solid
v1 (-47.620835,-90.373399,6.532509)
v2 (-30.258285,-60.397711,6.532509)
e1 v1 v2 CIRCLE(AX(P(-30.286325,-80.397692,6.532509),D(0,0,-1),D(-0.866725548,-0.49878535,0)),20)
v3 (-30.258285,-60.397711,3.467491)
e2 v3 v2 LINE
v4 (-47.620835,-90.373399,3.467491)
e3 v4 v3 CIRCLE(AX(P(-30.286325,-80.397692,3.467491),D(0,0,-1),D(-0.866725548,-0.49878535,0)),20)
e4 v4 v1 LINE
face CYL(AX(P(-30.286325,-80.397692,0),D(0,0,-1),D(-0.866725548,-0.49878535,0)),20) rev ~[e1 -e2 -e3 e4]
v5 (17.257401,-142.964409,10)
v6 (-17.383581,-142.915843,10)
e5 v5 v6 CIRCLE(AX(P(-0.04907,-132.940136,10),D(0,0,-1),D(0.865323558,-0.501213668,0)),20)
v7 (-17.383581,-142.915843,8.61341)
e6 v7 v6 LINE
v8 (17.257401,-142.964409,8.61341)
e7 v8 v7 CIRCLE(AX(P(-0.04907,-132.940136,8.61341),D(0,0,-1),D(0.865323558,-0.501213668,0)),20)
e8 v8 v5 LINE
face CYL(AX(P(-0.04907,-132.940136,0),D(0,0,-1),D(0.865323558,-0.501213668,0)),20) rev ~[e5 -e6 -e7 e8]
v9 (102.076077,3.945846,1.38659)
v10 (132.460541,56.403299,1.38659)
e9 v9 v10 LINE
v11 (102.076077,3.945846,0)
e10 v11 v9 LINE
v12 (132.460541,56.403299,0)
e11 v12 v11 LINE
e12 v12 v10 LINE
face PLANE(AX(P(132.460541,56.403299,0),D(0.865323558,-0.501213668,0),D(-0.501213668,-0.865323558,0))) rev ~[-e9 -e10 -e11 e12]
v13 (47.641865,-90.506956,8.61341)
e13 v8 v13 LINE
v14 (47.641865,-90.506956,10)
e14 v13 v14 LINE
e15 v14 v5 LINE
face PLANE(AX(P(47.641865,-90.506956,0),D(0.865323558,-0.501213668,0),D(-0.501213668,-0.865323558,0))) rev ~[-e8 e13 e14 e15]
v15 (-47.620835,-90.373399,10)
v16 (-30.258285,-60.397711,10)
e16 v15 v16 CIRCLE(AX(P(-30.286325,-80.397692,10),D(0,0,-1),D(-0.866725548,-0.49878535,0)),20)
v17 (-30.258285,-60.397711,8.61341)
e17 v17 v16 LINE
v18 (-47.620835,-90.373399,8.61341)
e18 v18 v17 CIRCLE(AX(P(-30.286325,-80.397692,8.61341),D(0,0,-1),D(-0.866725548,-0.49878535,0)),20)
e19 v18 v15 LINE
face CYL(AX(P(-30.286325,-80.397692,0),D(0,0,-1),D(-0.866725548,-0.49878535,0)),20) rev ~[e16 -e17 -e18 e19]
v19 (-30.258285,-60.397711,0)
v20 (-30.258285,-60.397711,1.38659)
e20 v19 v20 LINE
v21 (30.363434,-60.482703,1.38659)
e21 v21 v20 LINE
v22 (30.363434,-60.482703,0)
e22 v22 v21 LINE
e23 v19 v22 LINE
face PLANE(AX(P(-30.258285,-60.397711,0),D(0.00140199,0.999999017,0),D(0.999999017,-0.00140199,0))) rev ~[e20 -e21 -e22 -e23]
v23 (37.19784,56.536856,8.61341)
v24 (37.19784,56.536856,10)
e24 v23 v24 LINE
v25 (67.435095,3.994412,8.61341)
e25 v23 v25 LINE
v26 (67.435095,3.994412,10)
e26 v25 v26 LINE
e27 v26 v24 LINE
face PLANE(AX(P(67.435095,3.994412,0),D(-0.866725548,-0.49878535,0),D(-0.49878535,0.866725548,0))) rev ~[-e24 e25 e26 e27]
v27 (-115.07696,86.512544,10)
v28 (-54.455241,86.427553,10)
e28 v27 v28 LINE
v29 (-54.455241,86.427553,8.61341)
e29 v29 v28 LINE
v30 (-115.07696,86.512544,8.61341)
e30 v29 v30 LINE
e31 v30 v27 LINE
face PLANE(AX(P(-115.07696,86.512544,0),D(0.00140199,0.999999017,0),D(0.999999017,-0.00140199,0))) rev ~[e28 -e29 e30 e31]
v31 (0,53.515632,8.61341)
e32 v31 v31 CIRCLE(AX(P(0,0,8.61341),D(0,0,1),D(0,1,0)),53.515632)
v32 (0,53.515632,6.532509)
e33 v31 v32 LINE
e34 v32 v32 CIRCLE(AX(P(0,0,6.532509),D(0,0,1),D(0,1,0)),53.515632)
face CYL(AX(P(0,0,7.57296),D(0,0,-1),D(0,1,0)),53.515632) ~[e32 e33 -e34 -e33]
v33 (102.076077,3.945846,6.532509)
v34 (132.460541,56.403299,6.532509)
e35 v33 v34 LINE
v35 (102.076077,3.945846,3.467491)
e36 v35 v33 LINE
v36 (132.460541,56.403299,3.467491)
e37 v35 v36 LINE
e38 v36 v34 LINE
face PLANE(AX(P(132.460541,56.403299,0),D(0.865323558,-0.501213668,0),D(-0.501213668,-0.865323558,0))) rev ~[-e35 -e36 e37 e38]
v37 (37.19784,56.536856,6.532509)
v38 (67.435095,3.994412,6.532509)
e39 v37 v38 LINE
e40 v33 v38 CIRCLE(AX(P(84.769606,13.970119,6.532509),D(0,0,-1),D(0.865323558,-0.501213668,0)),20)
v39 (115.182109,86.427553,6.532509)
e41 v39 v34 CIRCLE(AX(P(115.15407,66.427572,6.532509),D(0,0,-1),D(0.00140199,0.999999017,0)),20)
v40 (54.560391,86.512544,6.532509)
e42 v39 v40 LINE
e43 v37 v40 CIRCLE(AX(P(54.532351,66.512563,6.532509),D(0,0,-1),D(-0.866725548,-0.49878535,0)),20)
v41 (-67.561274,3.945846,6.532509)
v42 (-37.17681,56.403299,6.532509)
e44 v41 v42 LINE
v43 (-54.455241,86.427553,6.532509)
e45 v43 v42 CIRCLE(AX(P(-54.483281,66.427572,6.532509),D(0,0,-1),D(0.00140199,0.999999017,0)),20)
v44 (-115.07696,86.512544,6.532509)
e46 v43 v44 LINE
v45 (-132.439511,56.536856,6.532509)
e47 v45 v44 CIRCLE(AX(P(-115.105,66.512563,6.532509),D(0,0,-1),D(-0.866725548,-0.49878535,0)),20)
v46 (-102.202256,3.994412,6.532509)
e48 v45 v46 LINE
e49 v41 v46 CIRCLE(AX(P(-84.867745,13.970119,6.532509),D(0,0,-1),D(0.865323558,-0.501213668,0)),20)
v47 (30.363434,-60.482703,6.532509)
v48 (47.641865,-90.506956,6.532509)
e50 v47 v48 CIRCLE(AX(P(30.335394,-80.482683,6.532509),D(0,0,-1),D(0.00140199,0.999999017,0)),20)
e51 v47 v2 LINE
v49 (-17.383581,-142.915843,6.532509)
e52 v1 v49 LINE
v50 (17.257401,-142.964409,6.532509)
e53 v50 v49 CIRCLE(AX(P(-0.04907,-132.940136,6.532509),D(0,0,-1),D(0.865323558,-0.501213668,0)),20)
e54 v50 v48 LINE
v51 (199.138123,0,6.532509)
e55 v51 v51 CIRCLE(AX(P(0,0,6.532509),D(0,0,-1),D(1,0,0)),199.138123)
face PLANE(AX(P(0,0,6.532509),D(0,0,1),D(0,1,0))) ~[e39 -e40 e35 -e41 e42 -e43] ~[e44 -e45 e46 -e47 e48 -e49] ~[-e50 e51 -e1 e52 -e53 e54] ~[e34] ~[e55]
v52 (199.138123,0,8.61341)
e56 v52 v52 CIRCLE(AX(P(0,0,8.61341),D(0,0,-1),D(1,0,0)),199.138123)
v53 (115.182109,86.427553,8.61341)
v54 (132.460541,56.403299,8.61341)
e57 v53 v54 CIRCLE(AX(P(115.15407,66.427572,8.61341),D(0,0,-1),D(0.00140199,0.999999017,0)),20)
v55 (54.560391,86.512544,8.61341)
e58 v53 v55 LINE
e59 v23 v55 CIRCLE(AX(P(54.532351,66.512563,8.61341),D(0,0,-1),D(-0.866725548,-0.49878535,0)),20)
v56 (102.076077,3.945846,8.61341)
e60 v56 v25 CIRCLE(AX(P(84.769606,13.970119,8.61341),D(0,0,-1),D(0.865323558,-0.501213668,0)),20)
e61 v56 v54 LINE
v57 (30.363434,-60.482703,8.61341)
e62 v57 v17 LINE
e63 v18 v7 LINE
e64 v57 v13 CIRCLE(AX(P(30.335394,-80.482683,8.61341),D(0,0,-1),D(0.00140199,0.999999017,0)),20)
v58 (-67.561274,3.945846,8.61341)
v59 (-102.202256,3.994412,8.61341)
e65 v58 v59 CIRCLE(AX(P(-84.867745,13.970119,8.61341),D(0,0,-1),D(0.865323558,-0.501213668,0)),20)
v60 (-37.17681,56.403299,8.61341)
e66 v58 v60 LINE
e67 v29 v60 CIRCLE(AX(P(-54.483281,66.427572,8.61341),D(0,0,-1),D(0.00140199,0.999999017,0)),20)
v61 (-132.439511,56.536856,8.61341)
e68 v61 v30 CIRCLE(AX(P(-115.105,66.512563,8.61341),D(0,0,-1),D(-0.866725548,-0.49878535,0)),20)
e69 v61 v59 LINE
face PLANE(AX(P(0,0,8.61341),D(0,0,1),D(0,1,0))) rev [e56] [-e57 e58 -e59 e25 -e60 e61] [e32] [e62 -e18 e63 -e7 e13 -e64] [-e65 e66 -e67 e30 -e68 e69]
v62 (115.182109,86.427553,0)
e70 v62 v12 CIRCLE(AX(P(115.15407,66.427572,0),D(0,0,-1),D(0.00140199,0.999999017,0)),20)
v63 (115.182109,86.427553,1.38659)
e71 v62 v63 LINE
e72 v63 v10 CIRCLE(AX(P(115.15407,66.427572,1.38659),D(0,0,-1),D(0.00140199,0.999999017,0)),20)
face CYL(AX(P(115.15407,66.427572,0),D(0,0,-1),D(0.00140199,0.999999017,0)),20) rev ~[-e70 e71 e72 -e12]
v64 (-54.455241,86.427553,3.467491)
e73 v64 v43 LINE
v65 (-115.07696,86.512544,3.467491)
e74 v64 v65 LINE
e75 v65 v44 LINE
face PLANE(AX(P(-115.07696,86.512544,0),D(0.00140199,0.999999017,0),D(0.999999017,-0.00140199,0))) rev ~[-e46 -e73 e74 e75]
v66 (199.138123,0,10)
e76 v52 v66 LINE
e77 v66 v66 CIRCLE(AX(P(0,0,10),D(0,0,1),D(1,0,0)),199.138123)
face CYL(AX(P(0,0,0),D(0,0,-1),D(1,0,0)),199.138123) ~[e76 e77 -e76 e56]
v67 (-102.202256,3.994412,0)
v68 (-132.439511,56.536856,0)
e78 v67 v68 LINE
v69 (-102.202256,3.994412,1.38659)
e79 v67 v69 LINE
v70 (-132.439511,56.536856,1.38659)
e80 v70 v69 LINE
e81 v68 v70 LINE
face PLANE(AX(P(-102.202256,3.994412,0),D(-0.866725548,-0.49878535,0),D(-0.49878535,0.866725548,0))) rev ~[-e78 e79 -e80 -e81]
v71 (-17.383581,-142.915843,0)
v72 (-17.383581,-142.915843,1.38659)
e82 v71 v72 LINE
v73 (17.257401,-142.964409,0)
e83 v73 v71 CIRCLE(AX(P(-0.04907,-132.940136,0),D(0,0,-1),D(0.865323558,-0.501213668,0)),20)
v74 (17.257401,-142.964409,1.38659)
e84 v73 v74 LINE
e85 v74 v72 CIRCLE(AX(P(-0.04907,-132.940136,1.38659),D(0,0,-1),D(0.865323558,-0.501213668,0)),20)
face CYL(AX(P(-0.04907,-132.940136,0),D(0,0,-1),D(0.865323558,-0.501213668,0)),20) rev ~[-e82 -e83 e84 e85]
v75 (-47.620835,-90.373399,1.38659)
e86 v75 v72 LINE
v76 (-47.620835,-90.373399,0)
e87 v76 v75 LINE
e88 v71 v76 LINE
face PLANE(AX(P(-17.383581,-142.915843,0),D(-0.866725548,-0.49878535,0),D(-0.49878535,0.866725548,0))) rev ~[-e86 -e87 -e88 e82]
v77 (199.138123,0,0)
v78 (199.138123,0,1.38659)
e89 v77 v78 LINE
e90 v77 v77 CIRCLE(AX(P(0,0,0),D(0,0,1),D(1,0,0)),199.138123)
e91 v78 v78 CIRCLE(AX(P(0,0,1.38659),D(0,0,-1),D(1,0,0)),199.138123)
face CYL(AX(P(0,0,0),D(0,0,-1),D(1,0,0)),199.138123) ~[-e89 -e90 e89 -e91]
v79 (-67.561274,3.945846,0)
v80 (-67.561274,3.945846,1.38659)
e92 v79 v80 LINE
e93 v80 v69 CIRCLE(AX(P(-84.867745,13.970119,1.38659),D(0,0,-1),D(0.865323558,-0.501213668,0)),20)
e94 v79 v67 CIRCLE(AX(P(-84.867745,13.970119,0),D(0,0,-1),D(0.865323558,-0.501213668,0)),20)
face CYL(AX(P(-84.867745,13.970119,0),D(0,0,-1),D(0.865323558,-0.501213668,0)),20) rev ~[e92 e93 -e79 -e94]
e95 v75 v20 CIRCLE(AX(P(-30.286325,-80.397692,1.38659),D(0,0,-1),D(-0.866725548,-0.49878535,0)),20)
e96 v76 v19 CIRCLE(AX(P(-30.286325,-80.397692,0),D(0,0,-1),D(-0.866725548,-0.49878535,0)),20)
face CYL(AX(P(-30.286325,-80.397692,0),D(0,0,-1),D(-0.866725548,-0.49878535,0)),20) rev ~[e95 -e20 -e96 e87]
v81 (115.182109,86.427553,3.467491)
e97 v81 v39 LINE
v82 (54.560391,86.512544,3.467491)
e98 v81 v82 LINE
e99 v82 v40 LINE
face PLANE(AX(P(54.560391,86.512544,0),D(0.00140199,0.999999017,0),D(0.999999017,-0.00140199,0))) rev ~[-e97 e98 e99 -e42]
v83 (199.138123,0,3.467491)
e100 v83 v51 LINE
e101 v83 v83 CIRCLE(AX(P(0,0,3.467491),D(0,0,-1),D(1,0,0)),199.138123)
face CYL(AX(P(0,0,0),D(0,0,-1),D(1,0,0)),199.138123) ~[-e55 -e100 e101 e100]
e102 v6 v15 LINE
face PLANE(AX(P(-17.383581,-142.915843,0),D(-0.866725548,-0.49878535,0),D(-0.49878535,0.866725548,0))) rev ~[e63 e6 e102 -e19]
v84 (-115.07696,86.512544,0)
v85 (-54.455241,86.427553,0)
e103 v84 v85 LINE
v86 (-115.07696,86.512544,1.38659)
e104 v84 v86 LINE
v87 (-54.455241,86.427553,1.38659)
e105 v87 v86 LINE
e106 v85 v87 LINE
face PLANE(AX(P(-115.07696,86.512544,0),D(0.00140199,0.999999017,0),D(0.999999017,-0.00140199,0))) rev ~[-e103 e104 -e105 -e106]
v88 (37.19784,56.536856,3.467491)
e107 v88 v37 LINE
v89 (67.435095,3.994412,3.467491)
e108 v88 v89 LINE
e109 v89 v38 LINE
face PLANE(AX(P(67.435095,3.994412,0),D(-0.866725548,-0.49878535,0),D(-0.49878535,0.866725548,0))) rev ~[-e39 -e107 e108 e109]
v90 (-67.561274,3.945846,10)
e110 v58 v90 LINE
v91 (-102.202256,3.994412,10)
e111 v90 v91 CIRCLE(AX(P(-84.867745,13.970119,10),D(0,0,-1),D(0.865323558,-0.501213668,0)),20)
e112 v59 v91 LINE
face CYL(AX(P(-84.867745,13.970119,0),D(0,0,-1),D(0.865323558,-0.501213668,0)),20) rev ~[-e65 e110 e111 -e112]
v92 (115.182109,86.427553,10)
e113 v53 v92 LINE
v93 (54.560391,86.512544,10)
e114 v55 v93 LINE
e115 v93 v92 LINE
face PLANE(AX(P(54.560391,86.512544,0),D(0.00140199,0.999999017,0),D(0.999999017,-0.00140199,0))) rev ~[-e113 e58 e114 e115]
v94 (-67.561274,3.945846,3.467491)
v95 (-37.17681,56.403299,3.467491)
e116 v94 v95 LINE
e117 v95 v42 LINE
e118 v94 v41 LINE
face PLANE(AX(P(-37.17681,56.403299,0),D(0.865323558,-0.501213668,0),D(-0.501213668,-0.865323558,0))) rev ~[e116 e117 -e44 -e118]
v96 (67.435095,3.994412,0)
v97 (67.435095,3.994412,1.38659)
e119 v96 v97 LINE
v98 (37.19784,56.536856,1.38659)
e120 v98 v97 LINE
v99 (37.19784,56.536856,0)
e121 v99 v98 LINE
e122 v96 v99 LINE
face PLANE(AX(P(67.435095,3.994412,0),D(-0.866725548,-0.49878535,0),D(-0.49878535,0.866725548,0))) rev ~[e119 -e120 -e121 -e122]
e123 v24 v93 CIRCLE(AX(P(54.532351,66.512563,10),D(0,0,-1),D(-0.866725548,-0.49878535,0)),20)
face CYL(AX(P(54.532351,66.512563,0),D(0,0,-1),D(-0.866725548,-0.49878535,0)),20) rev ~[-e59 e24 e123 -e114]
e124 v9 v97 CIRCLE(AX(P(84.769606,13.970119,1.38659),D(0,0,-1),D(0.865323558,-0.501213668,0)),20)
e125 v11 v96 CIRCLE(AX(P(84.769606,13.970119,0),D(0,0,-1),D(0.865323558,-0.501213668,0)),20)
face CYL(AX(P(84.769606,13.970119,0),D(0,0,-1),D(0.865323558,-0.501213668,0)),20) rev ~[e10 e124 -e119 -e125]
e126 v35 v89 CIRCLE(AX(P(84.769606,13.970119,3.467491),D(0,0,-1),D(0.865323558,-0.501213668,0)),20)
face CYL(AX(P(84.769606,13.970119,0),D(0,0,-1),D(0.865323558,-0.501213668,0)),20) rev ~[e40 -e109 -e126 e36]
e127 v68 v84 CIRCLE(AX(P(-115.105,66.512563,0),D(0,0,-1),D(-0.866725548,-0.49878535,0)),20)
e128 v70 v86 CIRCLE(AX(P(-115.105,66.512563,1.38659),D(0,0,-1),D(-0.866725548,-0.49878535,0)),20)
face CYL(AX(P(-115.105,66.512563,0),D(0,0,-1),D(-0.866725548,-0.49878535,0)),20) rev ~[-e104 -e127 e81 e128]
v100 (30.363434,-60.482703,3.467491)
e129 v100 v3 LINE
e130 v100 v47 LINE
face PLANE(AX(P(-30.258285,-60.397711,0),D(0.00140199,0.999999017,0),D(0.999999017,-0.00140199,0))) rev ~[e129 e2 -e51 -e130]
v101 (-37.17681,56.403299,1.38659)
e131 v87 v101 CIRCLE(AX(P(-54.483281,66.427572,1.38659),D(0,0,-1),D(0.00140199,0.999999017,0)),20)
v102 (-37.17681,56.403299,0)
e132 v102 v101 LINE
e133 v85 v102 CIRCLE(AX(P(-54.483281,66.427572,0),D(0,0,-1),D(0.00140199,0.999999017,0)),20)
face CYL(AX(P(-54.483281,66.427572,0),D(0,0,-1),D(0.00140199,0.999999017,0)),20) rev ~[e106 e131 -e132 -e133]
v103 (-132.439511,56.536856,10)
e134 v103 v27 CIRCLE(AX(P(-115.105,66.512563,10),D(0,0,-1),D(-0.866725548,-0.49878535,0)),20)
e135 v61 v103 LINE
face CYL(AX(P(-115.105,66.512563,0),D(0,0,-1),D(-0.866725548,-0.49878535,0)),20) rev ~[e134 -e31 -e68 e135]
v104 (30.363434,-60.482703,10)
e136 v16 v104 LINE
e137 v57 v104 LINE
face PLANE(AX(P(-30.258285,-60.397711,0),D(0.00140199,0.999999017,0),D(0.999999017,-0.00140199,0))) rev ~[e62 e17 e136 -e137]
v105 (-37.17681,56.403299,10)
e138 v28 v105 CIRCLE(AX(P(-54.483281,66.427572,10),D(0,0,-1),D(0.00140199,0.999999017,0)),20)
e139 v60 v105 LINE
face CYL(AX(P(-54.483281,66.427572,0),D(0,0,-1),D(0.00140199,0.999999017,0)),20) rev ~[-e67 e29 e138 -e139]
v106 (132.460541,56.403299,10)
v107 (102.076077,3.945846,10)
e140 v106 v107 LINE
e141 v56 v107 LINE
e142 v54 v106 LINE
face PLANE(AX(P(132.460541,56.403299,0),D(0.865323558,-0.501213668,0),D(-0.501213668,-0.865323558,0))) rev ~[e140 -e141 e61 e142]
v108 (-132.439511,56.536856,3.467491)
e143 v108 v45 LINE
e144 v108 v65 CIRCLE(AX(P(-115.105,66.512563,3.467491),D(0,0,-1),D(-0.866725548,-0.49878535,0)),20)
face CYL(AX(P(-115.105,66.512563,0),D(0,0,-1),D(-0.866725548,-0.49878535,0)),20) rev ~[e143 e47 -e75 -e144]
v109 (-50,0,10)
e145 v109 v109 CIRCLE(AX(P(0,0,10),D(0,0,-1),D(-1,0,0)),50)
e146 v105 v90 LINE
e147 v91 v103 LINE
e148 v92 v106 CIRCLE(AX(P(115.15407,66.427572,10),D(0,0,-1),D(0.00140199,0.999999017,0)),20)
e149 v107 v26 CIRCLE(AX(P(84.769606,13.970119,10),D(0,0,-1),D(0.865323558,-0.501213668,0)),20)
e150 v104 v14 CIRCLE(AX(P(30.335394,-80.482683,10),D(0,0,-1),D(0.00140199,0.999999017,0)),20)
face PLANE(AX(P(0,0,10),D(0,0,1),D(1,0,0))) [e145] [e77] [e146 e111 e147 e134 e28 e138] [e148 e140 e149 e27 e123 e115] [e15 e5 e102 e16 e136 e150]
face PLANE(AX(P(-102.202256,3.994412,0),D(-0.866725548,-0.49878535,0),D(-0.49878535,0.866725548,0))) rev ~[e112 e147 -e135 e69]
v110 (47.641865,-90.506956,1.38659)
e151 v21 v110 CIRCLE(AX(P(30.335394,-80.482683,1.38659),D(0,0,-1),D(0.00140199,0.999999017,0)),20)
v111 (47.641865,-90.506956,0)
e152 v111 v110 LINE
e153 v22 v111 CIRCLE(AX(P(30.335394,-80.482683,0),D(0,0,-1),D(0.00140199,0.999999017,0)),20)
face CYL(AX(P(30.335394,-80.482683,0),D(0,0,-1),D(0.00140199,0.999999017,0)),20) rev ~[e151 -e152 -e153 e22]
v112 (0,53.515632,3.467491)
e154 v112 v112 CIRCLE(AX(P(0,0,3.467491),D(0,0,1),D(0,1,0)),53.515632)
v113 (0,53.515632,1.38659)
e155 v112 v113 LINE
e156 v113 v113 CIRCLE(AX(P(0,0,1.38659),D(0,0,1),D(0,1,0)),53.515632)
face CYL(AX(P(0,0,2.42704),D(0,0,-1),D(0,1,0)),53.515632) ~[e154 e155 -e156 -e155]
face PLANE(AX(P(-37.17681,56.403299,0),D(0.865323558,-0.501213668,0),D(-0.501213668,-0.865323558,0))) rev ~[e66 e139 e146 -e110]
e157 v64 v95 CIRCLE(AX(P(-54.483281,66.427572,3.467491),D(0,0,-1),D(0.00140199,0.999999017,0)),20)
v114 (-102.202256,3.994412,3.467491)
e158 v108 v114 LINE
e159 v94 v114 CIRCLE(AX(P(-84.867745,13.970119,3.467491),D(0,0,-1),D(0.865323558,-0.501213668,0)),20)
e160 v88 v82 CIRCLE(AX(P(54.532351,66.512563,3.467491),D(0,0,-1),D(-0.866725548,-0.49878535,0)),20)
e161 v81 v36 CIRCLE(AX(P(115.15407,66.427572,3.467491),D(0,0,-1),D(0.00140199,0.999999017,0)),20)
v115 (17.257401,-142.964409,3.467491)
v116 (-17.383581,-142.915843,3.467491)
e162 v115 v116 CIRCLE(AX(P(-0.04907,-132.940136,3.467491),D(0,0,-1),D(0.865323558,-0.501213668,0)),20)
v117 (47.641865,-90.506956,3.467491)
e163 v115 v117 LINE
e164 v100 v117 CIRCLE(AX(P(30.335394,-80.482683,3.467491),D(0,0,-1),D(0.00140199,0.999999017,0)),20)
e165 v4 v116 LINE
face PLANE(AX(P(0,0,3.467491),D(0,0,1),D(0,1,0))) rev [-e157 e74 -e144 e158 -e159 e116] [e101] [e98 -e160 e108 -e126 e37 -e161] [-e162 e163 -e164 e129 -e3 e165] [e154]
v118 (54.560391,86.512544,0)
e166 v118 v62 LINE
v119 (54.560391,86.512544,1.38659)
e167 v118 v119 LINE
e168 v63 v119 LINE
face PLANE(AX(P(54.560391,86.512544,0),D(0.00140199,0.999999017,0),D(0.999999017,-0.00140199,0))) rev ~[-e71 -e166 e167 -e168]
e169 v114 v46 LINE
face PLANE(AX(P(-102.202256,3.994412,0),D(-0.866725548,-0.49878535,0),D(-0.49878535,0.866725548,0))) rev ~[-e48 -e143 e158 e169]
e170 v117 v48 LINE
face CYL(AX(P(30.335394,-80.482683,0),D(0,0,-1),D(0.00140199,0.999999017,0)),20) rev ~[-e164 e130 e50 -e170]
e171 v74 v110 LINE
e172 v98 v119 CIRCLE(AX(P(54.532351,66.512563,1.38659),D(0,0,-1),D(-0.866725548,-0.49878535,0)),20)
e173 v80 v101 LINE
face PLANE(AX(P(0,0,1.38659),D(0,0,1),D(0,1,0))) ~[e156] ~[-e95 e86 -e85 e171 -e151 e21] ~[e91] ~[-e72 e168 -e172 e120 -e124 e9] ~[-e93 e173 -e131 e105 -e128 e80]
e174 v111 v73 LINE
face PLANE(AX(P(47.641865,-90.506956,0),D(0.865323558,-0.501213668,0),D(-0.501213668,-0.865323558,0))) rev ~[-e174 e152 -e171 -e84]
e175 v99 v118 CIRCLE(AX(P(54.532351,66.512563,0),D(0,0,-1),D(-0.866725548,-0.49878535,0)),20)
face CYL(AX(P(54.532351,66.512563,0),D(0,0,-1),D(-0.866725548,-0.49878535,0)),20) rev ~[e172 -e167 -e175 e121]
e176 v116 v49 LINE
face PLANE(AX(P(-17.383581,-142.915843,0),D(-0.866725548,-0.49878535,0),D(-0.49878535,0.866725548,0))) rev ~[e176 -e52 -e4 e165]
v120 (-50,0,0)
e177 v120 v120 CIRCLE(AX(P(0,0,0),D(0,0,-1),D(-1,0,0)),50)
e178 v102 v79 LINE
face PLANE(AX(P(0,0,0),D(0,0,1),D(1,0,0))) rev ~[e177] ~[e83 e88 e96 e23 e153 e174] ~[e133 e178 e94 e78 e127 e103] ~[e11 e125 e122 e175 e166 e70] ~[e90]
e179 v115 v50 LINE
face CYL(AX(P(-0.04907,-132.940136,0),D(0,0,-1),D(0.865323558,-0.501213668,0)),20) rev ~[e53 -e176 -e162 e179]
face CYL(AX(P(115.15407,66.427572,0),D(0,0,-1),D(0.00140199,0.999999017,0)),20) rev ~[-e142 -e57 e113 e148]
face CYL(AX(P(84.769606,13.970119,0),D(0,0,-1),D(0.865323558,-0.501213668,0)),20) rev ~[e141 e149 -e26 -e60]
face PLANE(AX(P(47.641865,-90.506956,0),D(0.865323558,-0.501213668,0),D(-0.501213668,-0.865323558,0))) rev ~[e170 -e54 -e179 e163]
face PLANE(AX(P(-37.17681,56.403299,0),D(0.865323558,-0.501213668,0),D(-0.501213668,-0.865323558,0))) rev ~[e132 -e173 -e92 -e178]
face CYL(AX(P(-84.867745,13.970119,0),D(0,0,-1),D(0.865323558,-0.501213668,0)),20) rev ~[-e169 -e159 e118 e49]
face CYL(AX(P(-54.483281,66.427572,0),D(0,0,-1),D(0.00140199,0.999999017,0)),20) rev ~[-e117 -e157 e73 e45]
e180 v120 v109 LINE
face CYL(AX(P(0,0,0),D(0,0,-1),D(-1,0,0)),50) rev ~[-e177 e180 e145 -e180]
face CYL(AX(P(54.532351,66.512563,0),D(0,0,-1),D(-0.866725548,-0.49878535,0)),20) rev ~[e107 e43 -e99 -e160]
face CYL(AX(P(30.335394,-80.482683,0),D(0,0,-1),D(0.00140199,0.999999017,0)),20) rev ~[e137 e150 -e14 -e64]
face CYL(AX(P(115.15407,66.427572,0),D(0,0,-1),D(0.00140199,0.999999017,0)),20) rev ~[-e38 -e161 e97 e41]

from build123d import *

# Parameters (mm, degrees)
SKETCH_1_R          = 199.1381229
EXTRUDE_1_DEPTH     = 10
SKETCH_2_R          = 50
CUT_EXTRUDE_1_DEPTH = 10
SKETCH_4_W          = 2.080900767
SKETCH_4_H          = 145.70816296


with BuildPart() as part:
    # Эскиз1 → Бобышка-Вытянуть1 (new body)
    with BuildSketch(Plane.XY):
        Circle(SKETCH_1_R)
    extrude(amount=EXTRUDE_1_DEPTH)

    # Эскиз2 → Вырез-Вытянуть1 (cut)
    with BuildSketch(Plane(origin=(0, 0, 0), x_dir=(-1, 0, 0), z_dir=(0, 0, -1))):
        Circle(SKETCH_2_R)
        with BuildLine():
            Line((-132.460540699, 56.403298942), (-102.076076874, 3.945846105))
            ThreePointArc((-102.076076874, 3.945846105), (-84.74156592, -6.029860886), (-67.435094768, 3.994412468))
            Line((-67.435094768, 3.994412468), (-37.197839906, 56.536856438))
            ThreePointArc((-37.197839906, 56.536856438), (-37.225879708, 76.536836783), (-54.560390663, 86.512543774))
            Line((-54.560390663, 86.512543774), (-115.182109349, 86.427552639))
            ThreePointArc((-115.182109349, 86.427552639), (-132.488580502, 76.403279286), (-132.460540699, 56.403298942))
        make_face()
        with BuildLine():
            Line((17.383580609, -142.915842715), (47.620835471, -90.373398744))
            ThreePointArc((47.620835471, -90.373398744), (47.592795668, -70.3734184), (30.258284714, -60.397711409))
            Line((30.258284714, -60.397711409), (-30.363433973, -60.482702544))
            ThreePointArc((-30.363433973, -60.482702544), (-47.669905125, -70.506975897), (-47.641865322, -90.506956241))
            Line((-47.641865322, -90.506956241), (-17.257401498, -142.964409078))
            ThreePointArc((-17.257401498, -142.964409078), (0.077109457, -152.940116069), (17.383580609, -142.915842715))
        make_face()
        with BuildLine():
            Line((115.07696009, 86.512543774), (54.455241404, 86.427552639))
            ThreePointArc((54.455241404, 86.427552639), (37.148770252, 76.403279286), (37.176810054, 56.403298942))
            Line((37.176810054, 56.403298942), (67.561273879, 3.945846105))
            ThreePointArc((67.561273879, 3.945846105), (84.895784833, -6.029860886), (102.202255985, 3.994412468))
            Line((102.202255985, 3.994412468), (132.439510847, 56.536856438))
            ThreePointArc((132.439510847, 56.536856438), (132.411471045, 76.536836783), (115.07696009, 86.512543774))
        make_face()
    extrude(amount=-CUT_EXTRUDE_1_DEPTH, mode=Mode.SUBTRACT)

    # Эскиз4 → Вырез-Повернуть1 (revolve, cut)
    with BuildSketch(Plane(origin=(0, 0, 0), x_dir=(0, 0, -1), z_dir=(1, 0, 0))):
        with Locations((-7.572959809, 126.369713558)):
            Rectangle(SKETCH_4_W, SKETCH_4_H)
        with Locations((-2.427040192, 126.369713558)):
            Rectangle(SKETCH_4_W, SKETCH_4_H)
    revolve(axis=Axis((0, 0, 0.50000655), (0, 0, 1)), mode=Mode.SUBTRACT)


solid = part.part
